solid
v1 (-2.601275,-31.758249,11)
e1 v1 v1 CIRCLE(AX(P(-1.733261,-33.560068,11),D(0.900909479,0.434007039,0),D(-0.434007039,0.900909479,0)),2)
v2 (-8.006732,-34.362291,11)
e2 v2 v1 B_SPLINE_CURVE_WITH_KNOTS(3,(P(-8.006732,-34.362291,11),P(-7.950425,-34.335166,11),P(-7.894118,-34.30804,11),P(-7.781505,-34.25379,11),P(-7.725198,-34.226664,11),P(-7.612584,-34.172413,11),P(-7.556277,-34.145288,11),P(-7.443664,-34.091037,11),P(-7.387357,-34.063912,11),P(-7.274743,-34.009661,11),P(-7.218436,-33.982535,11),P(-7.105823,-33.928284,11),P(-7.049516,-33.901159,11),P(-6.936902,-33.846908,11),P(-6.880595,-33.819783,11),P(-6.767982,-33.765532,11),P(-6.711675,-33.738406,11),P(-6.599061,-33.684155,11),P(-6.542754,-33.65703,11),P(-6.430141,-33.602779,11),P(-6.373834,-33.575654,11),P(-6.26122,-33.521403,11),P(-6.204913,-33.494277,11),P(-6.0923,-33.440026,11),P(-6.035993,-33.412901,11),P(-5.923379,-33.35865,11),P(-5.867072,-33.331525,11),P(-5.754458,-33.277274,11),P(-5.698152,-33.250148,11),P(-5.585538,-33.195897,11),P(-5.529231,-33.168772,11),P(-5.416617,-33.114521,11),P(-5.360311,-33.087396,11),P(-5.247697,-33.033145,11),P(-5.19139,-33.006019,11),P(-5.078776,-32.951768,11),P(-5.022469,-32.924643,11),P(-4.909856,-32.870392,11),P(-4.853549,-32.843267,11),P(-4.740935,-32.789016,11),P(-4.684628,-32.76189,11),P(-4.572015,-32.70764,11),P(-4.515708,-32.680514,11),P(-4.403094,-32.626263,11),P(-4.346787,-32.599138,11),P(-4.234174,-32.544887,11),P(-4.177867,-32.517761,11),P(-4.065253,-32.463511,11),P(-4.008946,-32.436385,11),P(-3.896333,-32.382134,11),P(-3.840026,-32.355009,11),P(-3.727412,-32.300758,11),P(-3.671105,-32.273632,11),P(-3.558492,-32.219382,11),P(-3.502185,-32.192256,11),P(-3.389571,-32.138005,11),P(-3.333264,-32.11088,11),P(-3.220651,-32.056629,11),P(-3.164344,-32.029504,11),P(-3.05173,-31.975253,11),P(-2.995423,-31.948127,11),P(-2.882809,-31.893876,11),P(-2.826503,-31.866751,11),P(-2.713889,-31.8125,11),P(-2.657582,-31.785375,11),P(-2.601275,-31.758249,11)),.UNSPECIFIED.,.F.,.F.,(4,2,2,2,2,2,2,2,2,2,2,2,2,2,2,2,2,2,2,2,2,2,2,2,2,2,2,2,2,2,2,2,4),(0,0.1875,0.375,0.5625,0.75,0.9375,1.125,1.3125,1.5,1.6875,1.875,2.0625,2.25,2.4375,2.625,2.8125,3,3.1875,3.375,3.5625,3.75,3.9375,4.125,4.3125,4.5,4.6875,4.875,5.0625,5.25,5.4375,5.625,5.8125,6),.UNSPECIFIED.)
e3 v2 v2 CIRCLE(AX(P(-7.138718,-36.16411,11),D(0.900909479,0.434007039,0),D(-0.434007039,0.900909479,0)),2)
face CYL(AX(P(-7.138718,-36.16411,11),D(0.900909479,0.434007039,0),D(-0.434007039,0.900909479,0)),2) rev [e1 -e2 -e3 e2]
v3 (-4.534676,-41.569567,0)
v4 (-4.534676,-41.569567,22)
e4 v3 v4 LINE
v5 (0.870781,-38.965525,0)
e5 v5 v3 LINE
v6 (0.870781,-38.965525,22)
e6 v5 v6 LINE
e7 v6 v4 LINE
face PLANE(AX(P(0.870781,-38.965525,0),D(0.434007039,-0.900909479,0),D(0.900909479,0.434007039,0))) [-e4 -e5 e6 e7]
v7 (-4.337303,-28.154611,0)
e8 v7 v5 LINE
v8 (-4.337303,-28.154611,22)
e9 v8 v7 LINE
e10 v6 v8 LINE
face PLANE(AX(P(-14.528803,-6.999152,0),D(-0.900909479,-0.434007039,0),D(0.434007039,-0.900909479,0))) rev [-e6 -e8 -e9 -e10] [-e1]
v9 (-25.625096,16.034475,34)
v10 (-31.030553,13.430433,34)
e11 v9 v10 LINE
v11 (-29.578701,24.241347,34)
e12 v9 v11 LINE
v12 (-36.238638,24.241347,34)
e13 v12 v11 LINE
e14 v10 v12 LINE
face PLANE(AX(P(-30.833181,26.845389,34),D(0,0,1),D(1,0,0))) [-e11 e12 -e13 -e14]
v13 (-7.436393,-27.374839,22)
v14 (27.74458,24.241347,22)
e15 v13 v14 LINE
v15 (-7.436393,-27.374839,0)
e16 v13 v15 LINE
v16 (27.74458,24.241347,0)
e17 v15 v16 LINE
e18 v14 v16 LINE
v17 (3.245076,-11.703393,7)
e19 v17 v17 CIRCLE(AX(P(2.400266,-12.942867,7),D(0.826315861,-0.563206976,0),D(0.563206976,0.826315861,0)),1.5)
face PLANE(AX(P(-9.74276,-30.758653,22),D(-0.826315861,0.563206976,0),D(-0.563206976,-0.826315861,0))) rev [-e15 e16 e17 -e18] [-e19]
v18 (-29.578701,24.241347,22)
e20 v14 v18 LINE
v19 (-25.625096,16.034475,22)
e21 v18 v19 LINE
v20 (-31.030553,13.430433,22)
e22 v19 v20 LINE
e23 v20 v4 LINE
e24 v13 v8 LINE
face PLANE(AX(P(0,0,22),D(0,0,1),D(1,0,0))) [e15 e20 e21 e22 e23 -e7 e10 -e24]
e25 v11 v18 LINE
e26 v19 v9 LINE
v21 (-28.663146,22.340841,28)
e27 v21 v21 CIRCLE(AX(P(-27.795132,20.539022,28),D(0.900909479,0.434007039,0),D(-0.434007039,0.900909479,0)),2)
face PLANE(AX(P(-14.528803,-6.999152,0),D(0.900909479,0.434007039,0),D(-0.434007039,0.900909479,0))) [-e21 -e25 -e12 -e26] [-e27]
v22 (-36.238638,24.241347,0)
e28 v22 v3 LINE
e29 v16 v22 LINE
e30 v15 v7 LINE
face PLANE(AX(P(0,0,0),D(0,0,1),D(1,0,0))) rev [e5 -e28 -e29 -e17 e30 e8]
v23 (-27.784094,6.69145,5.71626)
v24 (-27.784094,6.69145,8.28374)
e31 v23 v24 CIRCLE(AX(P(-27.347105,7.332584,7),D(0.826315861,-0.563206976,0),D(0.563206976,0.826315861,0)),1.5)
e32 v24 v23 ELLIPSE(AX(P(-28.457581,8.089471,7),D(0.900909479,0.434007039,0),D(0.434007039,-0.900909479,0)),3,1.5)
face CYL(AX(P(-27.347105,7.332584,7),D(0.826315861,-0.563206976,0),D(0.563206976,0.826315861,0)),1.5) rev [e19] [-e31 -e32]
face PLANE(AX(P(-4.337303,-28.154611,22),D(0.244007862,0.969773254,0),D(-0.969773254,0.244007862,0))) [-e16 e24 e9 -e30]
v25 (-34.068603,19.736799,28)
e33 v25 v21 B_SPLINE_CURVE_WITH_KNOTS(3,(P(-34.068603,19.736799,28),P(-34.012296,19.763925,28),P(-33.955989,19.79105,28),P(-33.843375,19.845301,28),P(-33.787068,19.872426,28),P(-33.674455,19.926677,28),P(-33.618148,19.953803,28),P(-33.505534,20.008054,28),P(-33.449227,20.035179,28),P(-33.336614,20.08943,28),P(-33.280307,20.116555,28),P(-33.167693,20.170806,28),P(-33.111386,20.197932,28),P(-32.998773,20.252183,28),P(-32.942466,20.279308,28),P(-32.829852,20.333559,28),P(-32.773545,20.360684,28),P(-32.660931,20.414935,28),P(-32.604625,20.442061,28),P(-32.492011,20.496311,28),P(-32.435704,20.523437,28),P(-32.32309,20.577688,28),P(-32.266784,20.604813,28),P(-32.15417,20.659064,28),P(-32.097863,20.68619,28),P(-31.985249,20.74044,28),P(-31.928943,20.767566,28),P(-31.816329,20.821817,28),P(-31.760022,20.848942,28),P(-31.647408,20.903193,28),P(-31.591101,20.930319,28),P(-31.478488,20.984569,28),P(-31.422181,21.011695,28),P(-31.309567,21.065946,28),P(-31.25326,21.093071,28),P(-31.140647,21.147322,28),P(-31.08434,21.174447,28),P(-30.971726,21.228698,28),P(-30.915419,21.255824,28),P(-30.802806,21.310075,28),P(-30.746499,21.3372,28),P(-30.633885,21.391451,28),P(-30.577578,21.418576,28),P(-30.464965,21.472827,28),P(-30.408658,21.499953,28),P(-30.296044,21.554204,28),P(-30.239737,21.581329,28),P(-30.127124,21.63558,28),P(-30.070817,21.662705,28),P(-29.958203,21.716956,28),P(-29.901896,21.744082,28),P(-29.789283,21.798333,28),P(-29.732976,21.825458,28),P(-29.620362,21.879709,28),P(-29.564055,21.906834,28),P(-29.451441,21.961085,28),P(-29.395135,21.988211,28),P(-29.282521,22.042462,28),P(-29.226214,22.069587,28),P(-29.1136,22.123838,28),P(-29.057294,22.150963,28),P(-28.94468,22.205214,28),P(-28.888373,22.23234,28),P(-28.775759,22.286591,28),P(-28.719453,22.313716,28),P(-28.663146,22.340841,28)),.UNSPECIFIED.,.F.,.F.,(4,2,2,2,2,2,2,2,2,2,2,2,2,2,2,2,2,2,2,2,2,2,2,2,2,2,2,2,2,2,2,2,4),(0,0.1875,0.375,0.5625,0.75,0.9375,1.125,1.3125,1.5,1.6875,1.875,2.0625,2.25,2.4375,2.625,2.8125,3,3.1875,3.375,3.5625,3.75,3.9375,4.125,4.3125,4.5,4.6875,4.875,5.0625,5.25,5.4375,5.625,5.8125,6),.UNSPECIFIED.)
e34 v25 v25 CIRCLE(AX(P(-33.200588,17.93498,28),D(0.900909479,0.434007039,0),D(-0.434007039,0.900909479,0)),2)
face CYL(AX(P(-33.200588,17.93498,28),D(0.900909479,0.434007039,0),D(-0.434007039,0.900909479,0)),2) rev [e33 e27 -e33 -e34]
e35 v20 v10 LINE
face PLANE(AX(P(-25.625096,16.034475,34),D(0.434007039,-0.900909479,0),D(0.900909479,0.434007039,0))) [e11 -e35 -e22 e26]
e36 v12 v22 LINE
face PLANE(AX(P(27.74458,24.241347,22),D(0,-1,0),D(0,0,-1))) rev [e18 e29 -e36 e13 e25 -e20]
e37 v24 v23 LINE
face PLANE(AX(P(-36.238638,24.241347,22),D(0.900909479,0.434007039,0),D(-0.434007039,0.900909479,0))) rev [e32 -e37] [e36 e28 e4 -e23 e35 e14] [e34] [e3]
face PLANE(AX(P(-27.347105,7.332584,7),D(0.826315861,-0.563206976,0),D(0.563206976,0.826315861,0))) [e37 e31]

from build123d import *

# Parameters (mm, degrees)
BOSS_EXTRUDE1_DEPTH = 22
SKETCH6_W           = 12
SKETCH6_H           = 12
SKETCH6_W_2         = 22
BOSS_EXTRUDE4_DEPTH = 6
BOSS_EXTRUDE5_DEPTH = 22
SKETCH9_R           = 2
CUT_EXTRUDE9_DEPTH  = 6
SKETCH10_R          = 1.5
CUT_EXTRUDE10_DEPTH = 36
CUT_EXTRUDE11_DEPTH = 20


with BuildPart() as part:
    # Sketch1 → Boss-Extrude1 (new body)
    with BuildSketch(Plane.XY):
        Polygon((-36.238637744, 24.241346543), (-9.742760301, -30.758653457), (27.744579766, 24.241346543), align=None)
    extrude(amount=BOSS_EXTRUDE1_DEPTH)

    # Sketch6 → Boss-Extrude4 (add)
    with BuildSketch(Plane(origin=(-19.934259386, -9.603194429, 0), x_dir=(0, 0, 1), z_dir=(-0.9009094793526655, -0.4340070391278342, 0))):
        with Locations((28, 31.567082762)):
            Rectangle(SKETCH6_W, SKETCH6_H)
        with Locations((11, -29.48233592)):
            Rectangle(SKETCH6_W_2, SKETCH6_H)
    extrude(amount=-BOSS_EXTRUDE4_DEPTH)


with BuildPart() as boss_extrude4_piece_1:
    # of the separate pieces the step leaves, piece 1, a body of its own (boss_extrude4_pieces)
    add(part.part.solids().sort_by_distance((-36.238637744, 24.241346543, 0))[0])



with BuildPart() as boss_extrude4_piece_2:
    # of the separate pieces the step leaves, piece 2, a body of its own (boss_extrude4_pieces)
    add(part.part.solids().sort_by_distance((-4.337303425, -28.154611222, 0))[0])


with BuildPart() as boss_extrude4_piece_1_1:
    add(boss_extrude4_piece_1.part)

    add(boss_extrude4_piece_2.part)  # Boss-Extrude5 merges Boss-Extrude4 piece 2
    # Sketch8 → Boss-Extrude5 (add)
    with BuildSketch(Plane(origin=(0, 0, 0), x_dir=(-1, 0, 0), z_dir=(0, 0, -1))):
        Polygon((9.742760301, -30.758653457), (4.337303425, -28.154611222), (7.436392988, -27.374839027), align=None)
    extrude(amount=-BOSS_EXTRUDE5_DEPTH)

    # Sketch9 → Cut-Extrude9 (cut)
    with BuildSketch(Plane(origin=(-14.52880251, -6.999152194, 0), x_dir=(0, 0, -1), z_dir=(0.9009094793526653, 0.43400703912783434, 0))):
        with Locations(Location((-28, 30.567082762, 0), (0, 0, 90))):
            Circle(SKETCH9_R)
        with Locations(Location((-11, -29.48233592, 0), (0, 0, 90))):
            Circle(SKETCH9_R)
    extrude(amount=-CUT_EXTRUDE9_DEPTH, mode=Mode.SUBTRACT)

    # Sketch10 → Cut-Extrude10 (cut)
    with BuildSketch(Plane(origin=(7.662336774, -5.222556806, 0), x_dir=(0, 0, -1), z_dir=(0.8263158609823067, -0.5632069760656995, 0))):
        with Locations(Location((-7, -9.343049988, 0), (0, 0, 90))):
            Circle(SKETCH10_R)
    extrude(amount=-CUT_EXTRUDE10_DEPTH, mode=Mode.SUBTRACT)

    # Sketch12 → Cut-Extrude11 (cut)
    with BuildSketch(Plane(origin=(0, 0, 22), x_dir=(-1, 0, 0), z_dir=(0, 0, -1))):
        Polygon((30.833180868, 26.845388778), (29.578701161, 24.241346543), (36.238637744, 24.241346543), align=None)
    extrude(amount=-CUT_EXTRUDE11_DEPTH, mode=Mode.SUBTRACT)


solid = boss_extrude4_piece_1_1.part
